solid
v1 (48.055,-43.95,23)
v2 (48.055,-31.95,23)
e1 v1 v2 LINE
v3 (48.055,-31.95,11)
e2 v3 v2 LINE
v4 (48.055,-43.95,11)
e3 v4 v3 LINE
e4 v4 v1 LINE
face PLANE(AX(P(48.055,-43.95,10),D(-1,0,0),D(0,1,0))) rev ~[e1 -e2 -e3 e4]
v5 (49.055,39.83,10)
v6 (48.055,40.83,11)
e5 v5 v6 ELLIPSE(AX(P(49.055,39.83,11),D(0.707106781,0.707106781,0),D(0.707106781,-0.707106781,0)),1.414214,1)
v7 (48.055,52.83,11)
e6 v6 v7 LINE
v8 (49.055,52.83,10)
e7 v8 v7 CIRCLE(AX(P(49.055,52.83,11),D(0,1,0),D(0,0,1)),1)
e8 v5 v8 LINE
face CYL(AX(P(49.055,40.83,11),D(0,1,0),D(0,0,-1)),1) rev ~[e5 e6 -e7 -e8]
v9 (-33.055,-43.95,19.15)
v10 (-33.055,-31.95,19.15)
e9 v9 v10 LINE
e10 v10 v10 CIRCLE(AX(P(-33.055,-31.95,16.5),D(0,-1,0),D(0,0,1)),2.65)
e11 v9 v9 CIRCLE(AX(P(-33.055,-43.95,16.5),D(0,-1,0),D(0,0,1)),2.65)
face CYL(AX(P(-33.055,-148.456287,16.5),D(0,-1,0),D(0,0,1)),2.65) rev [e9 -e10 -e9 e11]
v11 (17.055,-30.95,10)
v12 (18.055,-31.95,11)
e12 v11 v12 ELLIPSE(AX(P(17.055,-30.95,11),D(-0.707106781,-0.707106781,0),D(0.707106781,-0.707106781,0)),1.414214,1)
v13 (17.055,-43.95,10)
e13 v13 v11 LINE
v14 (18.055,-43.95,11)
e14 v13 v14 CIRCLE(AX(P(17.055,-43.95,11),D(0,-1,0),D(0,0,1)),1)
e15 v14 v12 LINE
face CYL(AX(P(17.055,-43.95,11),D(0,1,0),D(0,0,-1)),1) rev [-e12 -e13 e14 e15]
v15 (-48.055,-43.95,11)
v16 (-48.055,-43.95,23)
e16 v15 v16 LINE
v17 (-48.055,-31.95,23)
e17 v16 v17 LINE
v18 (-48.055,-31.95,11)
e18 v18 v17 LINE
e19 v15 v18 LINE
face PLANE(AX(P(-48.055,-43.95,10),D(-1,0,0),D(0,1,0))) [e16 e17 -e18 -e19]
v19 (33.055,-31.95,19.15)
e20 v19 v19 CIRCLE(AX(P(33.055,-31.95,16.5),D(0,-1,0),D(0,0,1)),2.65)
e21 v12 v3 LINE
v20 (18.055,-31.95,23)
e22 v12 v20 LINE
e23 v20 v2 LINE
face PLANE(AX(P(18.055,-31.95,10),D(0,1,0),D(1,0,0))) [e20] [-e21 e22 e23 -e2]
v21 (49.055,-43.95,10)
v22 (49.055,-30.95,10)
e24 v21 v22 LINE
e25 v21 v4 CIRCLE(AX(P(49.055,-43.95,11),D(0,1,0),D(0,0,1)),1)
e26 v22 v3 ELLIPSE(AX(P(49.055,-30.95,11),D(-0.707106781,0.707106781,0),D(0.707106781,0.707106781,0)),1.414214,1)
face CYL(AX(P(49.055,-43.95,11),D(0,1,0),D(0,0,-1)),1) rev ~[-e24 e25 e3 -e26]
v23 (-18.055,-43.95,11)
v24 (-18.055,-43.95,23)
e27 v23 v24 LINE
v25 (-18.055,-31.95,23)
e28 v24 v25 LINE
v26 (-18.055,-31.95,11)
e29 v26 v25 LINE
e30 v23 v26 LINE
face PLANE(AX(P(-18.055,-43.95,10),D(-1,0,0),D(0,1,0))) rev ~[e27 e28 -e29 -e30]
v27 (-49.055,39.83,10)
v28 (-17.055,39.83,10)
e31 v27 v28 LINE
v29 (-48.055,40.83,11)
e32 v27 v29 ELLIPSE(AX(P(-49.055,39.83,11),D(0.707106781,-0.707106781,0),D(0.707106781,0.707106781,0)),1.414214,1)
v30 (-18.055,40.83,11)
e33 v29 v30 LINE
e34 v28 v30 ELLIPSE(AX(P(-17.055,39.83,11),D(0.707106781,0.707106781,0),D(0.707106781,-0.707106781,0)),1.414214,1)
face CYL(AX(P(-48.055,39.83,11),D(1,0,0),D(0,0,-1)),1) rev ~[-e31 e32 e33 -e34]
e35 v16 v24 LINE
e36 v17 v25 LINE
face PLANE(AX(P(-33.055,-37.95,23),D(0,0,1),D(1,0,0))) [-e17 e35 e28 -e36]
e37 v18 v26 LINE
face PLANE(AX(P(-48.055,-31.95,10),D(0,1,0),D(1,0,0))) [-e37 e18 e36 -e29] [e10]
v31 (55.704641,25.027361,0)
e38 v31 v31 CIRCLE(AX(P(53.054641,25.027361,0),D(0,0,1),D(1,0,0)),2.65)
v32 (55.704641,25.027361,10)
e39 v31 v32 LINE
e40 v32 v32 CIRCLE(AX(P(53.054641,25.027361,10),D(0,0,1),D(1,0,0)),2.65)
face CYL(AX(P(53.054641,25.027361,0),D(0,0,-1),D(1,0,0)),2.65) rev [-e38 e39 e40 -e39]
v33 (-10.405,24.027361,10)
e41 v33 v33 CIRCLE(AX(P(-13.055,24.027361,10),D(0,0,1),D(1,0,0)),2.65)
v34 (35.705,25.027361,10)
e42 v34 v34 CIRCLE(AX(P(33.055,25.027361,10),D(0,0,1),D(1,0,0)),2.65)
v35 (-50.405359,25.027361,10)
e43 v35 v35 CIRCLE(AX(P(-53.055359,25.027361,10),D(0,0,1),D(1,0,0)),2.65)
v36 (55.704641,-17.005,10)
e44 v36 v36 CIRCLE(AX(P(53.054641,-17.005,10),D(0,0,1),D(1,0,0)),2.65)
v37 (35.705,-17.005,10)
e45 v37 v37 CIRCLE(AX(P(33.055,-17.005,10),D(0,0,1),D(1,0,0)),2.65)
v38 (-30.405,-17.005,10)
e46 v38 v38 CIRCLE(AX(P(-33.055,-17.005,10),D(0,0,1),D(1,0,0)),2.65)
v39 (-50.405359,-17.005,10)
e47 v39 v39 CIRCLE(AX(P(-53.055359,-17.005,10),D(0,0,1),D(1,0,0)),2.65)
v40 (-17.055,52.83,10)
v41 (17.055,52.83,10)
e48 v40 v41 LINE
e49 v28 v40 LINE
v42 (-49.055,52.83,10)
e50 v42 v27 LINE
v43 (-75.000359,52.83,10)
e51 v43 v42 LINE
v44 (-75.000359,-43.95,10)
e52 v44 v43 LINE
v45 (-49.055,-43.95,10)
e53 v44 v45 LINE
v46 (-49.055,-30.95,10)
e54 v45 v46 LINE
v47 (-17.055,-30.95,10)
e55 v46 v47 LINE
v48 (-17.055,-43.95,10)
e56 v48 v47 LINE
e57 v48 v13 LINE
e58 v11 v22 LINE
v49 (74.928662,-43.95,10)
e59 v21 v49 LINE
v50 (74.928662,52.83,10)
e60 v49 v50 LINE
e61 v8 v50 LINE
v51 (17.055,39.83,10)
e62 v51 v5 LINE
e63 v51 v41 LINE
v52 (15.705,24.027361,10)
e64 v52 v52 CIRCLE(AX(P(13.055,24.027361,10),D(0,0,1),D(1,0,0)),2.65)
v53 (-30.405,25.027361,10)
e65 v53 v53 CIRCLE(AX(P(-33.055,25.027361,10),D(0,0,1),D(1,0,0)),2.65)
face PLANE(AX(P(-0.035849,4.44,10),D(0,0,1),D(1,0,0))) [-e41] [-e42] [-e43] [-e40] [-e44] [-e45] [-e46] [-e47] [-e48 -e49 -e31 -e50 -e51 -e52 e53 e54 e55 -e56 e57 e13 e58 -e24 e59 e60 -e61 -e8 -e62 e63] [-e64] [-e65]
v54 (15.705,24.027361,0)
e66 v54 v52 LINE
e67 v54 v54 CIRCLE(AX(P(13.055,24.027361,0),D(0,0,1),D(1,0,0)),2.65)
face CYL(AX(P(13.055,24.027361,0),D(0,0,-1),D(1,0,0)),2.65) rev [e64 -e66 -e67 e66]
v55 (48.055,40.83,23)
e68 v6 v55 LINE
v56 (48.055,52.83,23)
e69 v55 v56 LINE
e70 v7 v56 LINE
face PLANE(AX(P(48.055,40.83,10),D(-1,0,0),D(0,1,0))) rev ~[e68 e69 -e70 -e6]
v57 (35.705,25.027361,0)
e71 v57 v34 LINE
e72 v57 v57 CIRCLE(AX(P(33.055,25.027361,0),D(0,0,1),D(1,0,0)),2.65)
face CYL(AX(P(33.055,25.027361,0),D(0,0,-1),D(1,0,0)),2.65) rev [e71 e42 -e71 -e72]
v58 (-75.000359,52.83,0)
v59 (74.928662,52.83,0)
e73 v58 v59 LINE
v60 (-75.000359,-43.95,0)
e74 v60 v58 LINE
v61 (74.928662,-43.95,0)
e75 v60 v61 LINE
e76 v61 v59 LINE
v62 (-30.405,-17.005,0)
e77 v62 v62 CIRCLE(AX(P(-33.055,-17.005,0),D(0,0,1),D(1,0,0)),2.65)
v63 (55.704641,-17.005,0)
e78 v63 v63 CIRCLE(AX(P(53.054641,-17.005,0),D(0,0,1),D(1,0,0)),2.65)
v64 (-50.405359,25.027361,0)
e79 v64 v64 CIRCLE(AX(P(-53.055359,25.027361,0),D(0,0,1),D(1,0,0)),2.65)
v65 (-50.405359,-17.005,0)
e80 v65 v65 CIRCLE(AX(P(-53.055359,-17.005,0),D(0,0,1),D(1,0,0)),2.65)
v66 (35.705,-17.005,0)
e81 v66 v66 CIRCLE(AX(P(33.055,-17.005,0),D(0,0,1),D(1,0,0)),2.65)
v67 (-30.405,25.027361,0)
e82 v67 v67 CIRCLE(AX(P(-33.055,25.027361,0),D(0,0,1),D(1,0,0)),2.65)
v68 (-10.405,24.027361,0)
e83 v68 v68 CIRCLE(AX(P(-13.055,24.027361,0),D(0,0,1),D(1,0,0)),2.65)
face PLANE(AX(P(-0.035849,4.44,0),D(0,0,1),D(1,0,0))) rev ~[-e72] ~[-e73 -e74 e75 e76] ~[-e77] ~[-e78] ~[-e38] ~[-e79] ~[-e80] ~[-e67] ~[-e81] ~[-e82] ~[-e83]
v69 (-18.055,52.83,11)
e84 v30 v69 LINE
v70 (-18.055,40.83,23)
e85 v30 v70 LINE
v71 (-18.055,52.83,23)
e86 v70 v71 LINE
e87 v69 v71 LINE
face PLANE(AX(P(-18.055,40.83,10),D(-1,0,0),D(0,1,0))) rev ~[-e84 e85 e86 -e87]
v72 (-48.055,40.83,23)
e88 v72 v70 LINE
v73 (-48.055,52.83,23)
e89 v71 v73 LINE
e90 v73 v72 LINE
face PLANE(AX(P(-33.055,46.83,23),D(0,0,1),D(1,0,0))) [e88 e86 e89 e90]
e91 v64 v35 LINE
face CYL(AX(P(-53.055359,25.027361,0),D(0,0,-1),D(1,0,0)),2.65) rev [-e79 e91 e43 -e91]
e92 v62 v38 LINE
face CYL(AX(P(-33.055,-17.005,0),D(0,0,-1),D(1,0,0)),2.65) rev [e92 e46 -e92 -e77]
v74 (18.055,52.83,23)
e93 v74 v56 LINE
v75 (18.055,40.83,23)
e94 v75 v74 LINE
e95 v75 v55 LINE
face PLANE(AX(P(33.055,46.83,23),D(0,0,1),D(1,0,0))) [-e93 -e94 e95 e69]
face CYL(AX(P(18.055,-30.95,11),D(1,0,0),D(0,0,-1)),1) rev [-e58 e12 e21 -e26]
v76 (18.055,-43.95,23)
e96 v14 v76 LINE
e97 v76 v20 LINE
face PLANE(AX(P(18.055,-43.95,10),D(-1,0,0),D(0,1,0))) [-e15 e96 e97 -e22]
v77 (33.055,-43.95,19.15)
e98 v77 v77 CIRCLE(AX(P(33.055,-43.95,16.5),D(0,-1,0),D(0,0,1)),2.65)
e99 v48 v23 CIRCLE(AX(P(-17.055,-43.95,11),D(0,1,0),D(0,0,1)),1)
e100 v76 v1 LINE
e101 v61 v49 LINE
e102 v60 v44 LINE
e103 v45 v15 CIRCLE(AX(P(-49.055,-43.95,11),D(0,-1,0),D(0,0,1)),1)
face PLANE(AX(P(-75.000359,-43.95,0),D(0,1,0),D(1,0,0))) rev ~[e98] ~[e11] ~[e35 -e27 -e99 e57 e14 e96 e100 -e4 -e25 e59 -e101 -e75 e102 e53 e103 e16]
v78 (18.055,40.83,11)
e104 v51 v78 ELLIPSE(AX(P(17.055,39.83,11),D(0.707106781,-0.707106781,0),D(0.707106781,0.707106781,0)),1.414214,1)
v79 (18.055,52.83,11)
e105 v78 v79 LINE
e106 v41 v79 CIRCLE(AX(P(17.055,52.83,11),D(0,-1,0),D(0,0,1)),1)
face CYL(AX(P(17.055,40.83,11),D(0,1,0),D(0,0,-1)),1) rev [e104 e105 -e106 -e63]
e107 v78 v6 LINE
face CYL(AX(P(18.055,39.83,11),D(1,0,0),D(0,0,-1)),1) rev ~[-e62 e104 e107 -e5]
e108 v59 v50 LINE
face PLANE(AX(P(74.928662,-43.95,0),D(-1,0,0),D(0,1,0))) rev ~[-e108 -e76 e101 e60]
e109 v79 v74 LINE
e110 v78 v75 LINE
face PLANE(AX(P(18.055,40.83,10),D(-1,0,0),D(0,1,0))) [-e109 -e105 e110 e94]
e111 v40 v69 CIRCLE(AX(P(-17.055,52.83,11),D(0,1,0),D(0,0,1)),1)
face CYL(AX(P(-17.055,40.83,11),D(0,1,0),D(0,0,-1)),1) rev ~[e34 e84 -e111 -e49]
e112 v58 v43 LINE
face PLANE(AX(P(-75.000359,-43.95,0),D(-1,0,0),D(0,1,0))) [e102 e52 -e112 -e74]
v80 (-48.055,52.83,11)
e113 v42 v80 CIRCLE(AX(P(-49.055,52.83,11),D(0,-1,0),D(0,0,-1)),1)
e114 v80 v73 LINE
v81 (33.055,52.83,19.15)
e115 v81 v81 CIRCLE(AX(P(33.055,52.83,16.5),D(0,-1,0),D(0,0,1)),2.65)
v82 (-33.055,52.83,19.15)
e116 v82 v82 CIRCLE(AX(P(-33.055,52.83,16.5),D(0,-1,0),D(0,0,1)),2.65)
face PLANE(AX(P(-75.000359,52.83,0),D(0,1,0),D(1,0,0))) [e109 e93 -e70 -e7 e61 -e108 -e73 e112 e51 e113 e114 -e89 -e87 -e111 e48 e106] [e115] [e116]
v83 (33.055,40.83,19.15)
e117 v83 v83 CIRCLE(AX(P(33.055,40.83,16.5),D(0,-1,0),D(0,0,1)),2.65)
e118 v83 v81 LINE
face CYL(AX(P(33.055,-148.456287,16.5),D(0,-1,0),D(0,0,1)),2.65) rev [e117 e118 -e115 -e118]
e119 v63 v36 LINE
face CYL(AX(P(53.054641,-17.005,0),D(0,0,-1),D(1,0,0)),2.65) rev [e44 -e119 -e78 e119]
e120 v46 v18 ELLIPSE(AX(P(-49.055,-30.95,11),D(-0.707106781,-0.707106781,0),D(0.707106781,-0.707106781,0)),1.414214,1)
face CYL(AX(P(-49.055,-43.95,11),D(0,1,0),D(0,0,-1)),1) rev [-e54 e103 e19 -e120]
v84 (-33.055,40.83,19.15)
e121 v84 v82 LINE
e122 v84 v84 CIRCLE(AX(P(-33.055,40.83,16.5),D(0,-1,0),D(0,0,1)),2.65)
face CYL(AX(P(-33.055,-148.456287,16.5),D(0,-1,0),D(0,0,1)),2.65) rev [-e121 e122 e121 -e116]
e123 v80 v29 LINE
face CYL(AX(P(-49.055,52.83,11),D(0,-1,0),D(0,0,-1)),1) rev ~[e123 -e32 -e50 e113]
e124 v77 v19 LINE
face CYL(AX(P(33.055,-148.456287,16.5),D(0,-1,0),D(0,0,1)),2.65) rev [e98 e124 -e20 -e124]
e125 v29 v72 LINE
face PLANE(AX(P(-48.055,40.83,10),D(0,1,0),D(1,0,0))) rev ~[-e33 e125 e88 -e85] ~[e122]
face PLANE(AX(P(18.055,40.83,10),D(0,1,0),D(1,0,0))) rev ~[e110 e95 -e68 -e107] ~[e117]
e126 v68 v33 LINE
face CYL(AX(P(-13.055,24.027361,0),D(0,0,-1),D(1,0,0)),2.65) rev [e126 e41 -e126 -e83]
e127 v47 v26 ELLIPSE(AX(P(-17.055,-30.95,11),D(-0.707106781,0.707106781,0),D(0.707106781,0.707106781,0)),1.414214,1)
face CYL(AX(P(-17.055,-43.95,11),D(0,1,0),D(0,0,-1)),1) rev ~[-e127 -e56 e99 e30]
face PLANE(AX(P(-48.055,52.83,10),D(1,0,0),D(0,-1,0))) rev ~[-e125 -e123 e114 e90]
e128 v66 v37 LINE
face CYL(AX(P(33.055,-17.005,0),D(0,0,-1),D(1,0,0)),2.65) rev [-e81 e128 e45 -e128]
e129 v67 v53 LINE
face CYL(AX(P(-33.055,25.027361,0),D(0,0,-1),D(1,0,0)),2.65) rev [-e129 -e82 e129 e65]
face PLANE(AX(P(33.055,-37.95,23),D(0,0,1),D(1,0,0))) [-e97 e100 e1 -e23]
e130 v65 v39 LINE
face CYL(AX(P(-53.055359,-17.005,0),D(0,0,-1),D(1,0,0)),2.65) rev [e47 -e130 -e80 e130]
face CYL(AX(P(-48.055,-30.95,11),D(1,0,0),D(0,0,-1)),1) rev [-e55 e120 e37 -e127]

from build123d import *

# Parameters (mm, degrees)
SKETCH3_W               = 149.929020718
SKETCH3_H               = 96.78
SKETCH3_R               = 2.65
BOSS_EXTRUDE1_DEPTH     = 10
SKETCH4_W               = 30
SKETCH4_H               = 12
BOSS_EXTRUDE4_DEPTH     = 13
CUT_EXTRUDE1_DEPTH      = 116.506286536
CUT_EXTRUDE1_DEPTH_BACK = 116.506286536
SKETCH8_R               = 2.65
FILLET1_R               = 1


with BuildPart() as part:
    # Sketch3 → Boss-Extrude1 (new body)
    with BuildSketch(Plane.XY):
        with Locations((-0.035848502, 4.44)):
            Rectangle(SKETCH3_W, SKETCH3_H)
        with Locations((-53.055358861, -17.005)):
            Circle(SKETCH3_R, mode=Mode.SUBTRACT)
        with Locations((-33.055, -17.005)):
            Circle(SKETCH3_R, mode=Mode.SUBTRACT)
        with Locations((33.055, -17.005)):
            Circle(SKETCH3_R, mode=Mode.SUBTRACT)
        with Locations((53.054641139, -17.005)):
            Circle(SKETCH3_R, mode=Mode.SUBTRACT)
        with Locations((-53.055358861, 25.027361408)):
            Circle(SKETCH3_R, mode=Mode.SUBTRACT)
        with Locations((-33.055, 25.027361408)):
            Circle(SKETCH3_R, mode=Mode.SUBTRACT)
        with Locations((-13.055, 24.027361408)):
            Circle(SKETCH3_R, mode=Mode.SUBTRACT)
        with Locations((13.055, 24.027361408)):
            Circle(SKETCH3_R, mode=Mode.SUBTRACT)
        with Locations((33.055, 25.027361408)):
            Circle(SKETCH3_R, mode=Mode.SUBTRACT)
        with Locations((53.054641139, 25.027361408)):
            Circle(SKETCH3_R, mode=Mode.SUBTRACT)
    extrude(amount=BOSS_EXTRUDE1_DEPTH)

    # Sketch4 → Boss-Extrude4 (add)
    with BuildSketch(Plane.XY.offset(10)):
        Polygon((-48.055, 40.83), (-33.055, 40.83), (-18.055, 40.83), (-18.055, 52.83), (-48.055, 52.83), align=None)
        with Locations((33.055, 46.83)):
            Rectangle(SKETCH4_W, SKETCH4_H)
        with Locations((-33.055, -37.95)):
            Rectangle(SKETCH4_W, SKETCH4_H)
        with Locations((33.055, -37.95)):
            Rectangle(SKETCH4_W, SKETCH4_H)
    extrude(amount=BOSS_EXTRUDE4_DEPTH)

    # Sketch8 → Cut-Extrude1 (cut, two sides: drawn at the far end of the back side and taken through both)
    with BuildSketch(Plane(origin=(0, -31.95, 0), x_dir=(1, 0, 0), z_dir=(0, 1, 0)).offset(-CUT_EXTRUDE1_DEPTH_BACK)):
        with Locations(Location((-33.055, -16.5, 0), (0, 0, 270))):
            Circle(SKETCH8_R)
        with Locations(Location((33.055, -16.5, 0), (0, 0, 270))):
            Circle(SKETCH8_R)
    extrude(amount=CUT_EXTRUDE1_DEPTH + CUT_EXTRUDE1_DEPTH_BACK, mode=Mode.SUBTRACT)

    # Fillet1
    fillet1_edges = [part.edges().sort_by_distance(p)[0] for p in [
        (-33.055, 40.83, 10),
        (-18.055, 46.83, 10),
        (-48.055, 46.83, 10),
        (33.055, 40.83, 10),
        (48.055, 46.83, 10),
        (18.055, 46.83, 10),
        (-18.055, -37.95, 10),
        (-33.055, -31.95, 10),
        (-48.055, -37.95, 10),
        (48.055, -37.95, 10),
        (33.055, -31.95, 10),
        (18.055, -37.95, 10),
    ]]
    fillet(fillet1_edges, radius=FILLET1_R)


solid = part.part
